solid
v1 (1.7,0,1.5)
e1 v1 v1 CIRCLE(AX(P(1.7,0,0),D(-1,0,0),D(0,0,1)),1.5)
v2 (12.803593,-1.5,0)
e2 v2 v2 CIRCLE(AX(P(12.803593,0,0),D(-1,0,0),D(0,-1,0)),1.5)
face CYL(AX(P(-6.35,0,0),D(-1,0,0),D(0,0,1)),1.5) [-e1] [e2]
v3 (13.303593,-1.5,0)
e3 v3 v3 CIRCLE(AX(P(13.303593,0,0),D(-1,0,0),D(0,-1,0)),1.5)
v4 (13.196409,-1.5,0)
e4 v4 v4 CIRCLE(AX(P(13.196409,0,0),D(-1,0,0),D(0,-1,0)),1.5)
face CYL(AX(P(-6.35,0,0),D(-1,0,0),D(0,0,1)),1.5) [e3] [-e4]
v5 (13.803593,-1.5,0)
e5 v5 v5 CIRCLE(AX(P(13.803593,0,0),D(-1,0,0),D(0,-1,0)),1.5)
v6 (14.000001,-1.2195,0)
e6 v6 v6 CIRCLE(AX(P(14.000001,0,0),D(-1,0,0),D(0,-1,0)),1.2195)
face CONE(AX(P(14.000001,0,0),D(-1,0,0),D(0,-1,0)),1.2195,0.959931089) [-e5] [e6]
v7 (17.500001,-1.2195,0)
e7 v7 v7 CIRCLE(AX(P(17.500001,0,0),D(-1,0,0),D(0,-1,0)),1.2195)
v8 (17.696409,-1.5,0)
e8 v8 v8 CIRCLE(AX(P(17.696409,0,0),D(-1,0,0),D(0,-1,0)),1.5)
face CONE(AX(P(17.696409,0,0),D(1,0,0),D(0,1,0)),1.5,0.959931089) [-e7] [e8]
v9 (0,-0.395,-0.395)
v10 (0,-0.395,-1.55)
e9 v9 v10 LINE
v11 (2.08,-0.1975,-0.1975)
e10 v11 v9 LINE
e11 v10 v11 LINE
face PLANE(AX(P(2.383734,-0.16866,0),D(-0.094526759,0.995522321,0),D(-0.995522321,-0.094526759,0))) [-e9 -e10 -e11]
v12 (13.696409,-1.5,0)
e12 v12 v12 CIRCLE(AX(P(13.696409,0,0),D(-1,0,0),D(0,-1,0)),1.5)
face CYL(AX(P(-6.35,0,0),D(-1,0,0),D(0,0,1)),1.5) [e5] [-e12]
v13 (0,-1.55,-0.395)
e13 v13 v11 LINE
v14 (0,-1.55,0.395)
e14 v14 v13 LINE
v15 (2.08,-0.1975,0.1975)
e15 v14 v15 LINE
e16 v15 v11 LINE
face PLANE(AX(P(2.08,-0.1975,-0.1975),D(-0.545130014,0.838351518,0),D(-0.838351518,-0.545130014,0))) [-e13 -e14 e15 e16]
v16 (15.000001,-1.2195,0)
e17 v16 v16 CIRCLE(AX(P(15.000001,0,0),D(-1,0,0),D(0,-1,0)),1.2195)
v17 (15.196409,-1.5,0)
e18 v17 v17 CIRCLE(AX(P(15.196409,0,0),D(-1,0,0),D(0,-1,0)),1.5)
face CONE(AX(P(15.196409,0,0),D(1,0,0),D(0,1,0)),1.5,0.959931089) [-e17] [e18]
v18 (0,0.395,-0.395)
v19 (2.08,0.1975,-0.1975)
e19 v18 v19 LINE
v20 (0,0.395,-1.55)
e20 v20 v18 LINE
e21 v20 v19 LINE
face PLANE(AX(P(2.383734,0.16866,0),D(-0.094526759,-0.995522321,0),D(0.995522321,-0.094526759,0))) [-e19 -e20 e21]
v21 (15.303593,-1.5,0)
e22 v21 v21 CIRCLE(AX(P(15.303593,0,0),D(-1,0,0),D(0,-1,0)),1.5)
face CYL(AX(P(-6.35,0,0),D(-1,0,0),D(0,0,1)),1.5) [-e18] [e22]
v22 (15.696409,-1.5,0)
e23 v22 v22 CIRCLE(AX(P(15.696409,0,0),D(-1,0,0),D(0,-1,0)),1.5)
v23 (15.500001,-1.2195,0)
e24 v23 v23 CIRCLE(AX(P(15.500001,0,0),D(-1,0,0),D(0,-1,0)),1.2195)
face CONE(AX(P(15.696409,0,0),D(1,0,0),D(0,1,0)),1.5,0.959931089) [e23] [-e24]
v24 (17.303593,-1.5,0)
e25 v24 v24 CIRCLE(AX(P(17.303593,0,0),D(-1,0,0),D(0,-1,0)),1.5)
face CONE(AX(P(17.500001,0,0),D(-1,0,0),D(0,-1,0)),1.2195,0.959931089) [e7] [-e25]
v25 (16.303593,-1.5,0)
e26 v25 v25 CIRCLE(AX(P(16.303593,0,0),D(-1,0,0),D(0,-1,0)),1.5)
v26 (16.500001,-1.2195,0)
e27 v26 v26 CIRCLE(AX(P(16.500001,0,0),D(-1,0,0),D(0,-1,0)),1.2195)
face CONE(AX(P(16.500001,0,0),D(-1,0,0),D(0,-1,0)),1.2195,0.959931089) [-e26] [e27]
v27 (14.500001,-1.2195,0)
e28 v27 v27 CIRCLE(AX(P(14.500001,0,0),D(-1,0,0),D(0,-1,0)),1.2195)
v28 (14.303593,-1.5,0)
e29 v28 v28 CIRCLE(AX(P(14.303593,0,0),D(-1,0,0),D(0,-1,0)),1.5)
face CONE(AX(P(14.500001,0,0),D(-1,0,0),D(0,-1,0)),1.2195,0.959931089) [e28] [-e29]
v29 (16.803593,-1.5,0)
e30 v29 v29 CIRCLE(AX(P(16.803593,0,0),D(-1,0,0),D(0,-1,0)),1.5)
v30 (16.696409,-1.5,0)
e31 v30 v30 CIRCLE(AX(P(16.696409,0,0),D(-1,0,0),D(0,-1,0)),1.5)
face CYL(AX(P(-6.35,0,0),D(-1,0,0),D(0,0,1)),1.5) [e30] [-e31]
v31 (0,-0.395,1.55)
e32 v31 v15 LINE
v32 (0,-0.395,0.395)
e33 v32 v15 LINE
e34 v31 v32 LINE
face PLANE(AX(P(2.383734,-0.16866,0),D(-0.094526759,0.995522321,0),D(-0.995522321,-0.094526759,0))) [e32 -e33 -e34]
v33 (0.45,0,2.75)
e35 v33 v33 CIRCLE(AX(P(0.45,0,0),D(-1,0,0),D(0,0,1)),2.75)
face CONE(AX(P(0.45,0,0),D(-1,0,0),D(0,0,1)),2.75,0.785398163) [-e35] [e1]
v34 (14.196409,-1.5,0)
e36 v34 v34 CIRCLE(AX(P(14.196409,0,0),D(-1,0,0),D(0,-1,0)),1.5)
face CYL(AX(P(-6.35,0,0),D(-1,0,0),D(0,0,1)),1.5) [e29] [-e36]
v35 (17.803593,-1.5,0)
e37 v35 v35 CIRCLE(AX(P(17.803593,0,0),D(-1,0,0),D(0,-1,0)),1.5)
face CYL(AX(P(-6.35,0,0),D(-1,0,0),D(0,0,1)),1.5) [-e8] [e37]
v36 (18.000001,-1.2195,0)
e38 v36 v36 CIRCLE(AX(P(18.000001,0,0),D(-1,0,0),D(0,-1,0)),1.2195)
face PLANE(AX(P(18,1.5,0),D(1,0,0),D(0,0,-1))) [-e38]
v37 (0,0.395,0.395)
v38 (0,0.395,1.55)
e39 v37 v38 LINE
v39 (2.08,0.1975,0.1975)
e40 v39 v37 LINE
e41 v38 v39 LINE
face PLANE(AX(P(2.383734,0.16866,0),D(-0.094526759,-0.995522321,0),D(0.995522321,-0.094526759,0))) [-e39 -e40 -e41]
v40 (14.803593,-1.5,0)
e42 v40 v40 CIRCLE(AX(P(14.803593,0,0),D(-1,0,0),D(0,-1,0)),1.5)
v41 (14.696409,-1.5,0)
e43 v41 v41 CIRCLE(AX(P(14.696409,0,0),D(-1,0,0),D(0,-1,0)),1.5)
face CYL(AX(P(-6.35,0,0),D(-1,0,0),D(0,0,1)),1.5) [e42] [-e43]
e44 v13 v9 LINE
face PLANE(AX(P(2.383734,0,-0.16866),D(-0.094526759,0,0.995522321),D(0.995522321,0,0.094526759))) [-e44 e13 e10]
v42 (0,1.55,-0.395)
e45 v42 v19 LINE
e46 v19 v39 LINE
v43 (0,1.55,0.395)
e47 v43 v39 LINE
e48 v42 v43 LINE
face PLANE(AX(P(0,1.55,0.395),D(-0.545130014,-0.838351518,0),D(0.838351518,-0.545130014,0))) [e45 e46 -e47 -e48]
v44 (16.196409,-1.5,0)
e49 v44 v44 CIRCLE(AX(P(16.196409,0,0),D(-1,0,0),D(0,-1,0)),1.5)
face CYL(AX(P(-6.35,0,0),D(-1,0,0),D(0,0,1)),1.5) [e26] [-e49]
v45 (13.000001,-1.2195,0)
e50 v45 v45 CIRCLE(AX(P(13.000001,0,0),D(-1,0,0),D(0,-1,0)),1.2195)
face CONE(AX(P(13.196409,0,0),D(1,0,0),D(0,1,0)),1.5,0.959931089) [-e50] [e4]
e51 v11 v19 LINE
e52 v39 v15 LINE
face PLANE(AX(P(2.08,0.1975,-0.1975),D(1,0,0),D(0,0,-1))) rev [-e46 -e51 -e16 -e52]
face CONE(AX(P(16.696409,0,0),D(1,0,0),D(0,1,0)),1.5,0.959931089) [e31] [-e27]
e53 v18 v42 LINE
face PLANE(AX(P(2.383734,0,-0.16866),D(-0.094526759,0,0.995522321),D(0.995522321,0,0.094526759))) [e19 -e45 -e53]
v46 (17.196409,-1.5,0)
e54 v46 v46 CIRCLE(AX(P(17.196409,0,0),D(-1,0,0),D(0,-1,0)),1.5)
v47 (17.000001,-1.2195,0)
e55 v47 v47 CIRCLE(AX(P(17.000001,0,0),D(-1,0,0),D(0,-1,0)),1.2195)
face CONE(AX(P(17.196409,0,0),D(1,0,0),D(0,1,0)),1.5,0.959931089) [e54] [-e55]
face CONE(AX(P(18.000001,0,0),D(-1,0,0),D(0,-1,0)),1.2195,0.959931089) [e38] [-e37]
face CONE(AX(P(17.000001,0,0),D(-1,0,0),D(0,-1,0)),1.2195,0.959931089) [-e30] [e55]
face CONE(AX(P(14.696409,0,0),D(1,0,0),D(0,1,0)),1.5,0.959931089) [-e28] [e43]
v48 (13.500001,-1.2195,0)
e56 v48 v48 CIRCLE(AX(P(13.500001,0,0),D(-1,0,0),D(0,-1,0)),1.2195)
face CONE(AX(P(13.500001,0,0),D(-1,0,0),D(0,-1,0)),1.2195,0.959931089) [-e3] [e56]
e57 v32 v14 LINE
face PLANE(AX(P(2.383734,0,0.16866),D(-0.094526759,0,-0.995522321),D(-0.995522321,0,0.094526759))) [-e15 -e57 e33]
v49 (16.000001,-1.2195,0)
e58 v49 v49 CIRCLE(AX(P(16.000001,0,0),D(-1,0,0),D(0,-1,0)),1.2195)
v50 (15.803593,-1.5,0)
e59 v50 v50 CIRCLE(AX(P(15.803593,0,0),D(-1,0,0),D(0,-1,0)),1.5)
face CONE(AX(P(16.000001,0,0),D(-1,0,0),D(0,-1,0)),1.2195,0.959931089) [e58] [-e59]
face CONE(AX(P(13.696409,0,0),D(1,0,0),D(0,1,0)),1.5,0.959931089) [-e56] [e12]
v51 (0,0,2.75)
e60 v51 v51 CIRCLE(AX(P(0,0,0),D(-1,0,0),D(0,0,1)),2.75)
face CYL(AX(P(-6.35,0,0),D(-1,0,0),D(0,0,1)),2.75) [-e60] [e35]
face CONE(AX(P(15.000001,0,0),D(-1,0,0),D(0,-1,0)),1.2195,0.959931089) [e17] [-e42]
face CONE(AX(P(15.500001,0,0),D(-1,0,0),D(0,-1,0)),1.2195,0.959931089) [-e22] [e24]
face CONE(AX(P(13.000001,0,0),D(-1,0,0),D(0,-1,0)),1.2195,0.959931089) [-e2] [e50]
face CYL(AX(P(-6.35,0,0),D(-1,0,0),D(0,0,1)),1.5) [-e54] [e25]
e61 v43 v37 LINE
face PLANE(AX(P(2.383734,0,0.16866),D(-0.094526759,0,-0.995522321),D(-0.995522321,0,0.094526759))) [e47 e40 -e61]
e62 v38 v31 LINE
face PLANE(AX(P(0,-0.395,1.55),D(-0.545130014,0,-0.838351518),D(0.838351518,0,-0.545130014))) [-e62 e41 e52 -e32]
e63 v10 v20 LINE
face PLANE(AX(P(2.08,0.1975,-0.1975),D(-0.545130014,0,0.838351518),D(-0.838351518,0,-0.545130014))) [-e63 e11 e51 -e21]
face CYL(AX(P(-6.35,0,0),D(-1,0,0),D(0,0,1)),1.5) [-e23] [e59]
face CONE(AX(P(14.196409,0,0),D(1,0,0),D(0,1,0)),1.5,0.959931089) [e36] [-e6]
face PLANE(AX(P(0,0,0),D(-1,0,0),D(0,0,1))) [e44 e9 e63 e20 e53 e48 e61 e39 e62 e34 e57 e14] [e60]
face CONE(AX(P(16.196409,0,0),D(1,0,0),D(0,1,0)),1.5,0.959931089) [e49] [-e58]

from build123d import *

# Parameters (mm, degrees)
CIRPATTERN1_COUNT = 2
CIRPATTERN1_ANGLE = 90
THDSCHPAT_COUNT   = 11
THDSCHPAT_PITCH   = 0.5


with BuildPart() as part:
    # BodySke → Base-Revolve (revolve)
    with BuildSketch(Plane.XY, mode=Mode.PRIVATE) as base_revolve_sk:
        Polygon((0, 0), (0, 2.75), (0.45, 2.75), (1.7, 1.5), (18, 1.5), (18, 0), align=None)
    revolve(base_revolve_sk.sketch.rotate(Axis((-6.35, 0, 0), (1, 0, 0)), 90), axis=Axis((-6.35, 0, 0), (1, 0, 0)))

    # Sketch3 → Cross section 0
    with BuildSketch(Plane.ZY):
        with BuildLine():
            Line((-0.395, 1.55), (0.395, 1.55))
            Line((0.395, 1.55), (0.395, -1.55))
            Line((0.395, -1.55), (-0.395, -1.55))
            Line((-0.395, -1.55), (-0.395, 1.55))
        make_face()
    # Sketch4 → Cross section 1
    with BuildSketch(Plane.ZY.offset(-2.08)):
        with BuildLine():
            Line((-0.1975, 0.1975), (0.1975, 0.1975))
            Line((0.1975, 0.1975), (0.1975, -0.1975))
            Line((0.1975, -0.1975), (-0.1975, -0.1975))
            Line((-0.1975, -0.1975), (-0.1975, 0.1975))
        make_face()
    cross = loft(mode=Mode.SUBTRACT)

    # CirPattern1: Cross ×2 about axis
    cirpattern1_axis = Axis((0, 0, 0), (1, 0, 0))
    for i in range(1, CIRPATTERN1_COUNT):
        add(cross.rotate(cirpattern1_axis, i * CIRPATTERN1_ANGLE / (CIRPATTERN1_COUNT - 1)), mode=Mode.SUBTRACT)

    # ThdSchSke → ThreadSchematic (revolve, cut)
    with BuildSketch(Plane.XY):
        Polygon((13.000001, -1.2195), (12.803592786, -1.5), (12.803592786, -1.875), (13.196409214, -1.875), (13.196409214, -1.5), align=None)
    threadschematic = revolve(axis=Axis((-3.175, 0, 0), (1, 0, 0)), mode=Mode.SUBTRACT)

    # ThdSchPat: ThreadSchematic ×11
    with Locations(*[(i * THDSCHPAT_PITCH, 0, 0) for i in range(1, THDSCHPAT_COUNT)]):
        add(threadschematic, mode=Mode.SUBTRACT)


solid = part.part
